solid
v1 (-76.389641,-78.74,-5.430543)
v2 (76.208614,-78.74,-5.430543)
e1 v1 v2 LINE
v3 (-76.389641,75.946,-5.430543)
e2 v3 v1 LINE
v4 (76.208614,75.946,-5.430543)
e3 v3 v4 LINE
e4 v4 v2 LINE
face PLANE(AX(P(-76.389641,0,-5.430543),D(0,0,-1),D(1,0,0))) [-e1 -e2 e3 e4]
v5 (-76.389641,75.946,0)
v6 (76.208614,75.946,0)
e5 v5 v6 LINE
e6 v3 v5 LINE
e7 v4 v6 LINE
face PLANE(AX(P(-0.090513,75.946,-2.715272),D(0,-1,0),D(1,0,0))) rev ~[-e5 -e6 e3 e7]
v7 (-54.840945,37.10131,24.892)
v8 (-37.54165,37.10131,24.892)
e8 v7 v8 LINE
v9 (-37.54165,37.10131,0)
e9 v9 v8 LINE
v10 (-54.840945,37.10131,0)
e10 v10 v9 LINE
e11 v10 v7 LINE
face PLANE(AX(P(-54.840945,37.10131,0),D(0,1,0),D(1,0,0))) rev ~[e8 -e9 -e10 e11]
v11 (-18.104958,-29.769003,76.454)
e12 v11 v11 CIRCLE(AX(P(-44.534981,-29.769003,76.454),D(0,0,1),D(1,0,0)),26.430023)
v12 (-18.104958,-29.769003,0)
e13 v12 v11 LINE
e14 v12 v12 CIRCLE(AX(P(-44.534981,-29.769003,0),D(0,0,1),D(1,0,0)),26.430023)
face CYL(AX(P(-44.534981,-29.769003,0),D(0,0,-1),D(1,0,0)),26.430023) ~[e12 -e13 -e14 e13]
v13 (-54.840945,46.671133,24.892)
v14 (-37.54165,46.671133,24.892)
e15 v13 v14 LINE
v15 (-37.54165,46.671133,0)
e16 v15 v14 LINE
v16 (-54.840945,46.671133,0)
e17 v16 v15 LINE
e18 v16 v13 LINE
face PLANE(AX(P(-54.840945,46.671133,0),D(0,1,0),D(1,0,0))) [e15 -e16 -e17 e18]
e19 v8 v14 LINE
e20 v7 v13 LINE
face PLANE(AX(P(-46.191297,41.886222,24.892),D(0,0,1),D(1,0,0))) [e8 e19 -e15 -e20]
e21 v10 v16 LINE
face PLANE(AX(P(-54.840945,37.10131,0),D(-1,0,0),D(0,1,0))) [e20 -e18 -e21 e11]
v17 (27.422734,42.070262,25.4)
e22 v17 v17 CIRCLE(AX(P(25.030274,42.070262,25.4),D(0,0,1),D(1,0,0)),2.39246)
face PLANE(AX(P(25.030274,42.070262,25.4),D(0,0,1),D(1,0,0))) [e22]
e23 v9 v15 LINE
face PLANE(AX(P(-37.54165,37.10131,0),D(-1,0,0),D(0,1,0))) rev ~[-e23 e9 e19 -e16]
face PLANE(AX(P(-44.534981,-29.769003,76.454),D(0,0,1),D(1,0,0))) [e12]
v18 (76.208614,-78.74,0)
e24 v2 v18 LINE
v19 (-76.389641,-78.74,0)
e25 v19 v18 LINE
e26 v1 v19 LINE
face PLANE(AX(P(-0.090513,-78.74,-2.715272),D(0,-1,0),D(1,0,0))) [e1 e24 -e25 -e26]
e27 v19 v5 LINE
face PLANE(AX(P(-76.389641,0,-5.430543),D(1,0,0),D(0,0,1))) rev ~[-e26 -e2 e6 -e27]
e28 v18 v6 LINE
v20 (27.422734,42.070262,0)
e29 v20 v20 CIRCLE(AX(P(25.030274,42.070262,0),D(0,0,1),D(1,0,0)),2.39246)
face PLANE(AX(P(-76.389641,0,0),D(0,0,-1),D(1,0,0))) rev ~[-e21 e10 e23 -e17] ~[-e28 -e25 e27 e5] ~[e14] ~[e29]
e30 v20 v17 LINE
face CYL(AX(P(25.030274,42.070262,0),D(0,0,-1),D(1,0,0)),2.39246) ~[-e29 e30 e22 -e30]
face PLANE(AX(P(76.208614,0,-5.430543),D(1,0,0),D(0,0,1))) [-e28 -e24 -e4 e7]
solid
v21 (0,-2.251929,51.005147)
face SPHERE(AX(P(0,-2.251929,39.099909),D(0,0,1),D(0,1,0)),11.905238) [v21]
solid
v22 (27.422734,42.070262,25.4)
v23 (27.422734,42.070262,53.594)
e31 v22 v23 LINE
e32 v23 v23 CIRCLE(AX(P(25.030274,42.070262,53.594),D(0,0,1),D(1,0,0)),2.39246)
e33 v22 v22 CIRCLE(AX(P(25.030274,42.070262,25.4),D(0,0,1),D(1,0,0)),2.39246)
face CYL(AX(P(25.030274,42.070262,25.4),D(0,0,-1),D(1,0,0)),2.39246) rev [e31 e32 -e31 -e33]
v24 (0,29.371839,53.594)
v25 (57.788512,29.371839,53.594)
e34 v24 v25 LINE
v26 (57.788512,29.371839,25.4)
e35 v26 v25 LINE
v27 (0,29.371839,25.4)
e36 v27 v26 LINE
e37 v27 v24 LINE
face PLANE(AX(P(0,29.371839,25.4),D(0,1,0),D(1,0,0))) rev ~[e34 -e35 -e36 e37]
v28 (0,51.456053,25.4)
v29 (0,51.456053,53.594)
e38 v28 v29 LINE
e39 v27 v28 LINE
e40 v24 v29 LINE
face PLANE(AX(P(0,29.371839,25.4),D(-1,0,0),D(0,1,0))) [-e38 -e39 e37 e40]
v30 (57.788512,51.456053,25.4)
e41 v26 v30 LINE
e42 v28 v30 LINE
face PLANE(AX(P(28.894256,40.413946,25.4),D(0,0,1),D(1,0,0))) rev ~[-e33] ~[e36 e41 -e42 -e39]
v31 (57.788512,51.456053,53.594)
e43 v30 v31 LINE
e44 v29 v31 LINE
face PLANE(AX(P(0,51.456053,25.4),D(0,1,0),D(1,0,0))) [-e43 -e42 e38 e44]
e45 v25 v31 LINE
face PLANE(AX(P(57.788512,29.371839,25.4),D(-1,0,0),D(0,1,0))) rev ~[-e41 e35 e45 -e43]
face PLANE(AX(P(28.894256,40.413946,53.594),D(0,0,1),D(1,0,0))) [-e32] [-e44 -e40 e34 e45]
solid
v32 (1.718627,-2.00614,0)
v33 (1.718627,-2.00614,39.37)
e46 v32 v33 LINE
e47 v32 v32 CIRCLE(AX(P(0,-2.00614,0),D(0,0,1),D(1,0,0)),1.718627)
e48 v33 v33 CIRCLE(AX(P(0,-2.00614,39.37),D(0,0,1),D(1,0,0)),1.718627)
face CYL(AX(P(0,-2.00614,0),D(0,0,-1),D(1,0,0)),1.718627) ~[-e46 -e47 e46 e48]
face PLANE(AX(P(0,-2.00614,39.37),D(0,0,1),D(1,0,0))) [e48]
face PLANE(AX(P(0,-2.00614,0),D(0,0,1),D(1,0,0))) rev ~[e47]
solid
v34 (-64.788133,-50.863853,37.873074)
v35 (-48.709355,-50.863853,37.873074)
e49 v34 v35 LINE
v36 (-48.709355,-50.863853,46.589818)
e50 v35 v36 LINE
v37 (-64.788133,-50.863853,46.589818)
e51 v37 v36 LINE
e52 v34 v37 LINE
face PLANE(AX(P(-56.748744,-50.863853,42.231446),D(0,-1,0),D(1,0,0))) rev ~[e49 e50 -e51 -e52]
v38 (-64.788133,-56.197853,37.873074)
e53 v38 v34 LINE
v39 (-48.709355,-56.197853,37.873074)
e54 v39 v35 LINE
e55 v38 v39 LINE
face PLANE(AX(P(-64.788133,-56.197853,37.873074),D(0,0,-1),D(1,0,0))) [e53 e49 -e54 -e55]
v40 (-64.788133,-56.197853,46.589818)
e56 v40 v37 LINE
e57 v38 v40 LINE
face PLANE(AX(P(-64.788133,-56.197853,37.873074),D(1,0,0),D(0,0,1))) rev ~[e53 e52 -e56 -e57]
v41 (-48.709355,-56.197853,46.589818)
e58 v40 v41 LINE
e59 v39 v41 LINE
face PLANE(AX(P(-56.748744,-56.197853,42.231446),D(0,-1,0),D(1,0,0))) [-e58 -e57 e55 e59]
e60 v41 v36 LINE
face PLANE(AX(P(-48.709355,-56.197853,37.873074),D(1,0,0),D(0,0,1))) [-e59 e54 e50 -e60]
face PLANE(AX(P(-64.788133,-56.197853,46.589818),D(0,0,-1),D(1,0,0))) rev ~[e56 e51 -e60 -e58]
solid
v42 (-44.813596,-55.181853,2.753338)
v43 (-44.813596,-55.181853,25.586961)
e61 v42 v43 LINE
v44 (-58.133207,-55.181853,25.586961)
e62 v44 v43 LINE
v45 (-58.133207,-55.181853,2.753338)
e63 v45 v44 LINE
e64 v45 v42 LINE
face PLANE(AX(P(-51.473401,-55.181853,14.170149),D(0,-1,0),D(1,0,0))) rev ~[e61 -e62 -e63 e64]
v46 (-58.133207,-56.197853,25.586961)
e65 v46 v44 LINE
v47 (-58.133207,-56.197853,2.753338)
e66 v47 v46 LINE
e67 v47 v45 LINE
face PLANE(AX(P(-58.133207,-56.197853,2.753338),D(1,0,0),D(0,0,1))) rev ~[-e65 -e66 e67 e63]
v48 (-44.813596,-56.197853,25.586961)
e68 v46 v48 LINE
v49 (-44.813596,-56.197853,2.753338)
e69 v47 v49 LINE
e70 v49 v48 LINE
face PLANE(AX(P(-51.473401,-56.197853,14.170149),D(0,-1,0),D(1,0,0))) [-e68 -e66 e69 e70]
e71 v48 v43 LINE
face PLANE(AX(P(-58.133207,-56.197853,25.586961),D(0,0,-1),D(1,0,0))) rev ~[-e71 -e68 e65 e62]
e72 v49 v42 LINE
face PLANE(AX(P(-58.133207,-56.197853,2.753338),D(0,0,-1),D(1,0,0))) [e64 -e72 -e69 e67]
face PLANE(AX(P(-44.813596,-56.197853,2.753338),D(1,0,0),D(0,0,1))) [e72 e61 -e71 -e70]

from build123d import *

# Parameters (mm, degrees)
F0_W          = 152.5982543826
F0_H          = 5.4305433296
F1_DEPTH      = 78.74
F1_DEPTH_BACK = 75.946
F2_R          = 1.7186274254
F3_DEPTH      = 39.37
F6_R          = 2.3924596608
F7_DEPTH      = 25.4
F8_W          = 57.7885117382
F8_H          = 22.0842137933
F8_R          = 2.3924596608
F9_DEPTH      = 28.194
F10_W         = 17.2992944717
F10_H         = 9.5698237419
F11_DEPTH     = 24.892
F12_R         = 26.4300234809
F13_DEPTH     = 76.454
F16_W         = 13.3196115494
F16_H         = 22.8336232249
F17_DEPTH     = 1.016
F18_W         = 16.0787776113
F18_H         = 8.7167434394
F19_DEPTH     = 5.334


with BuildPart() as f1:
    # F0 (on Front) → F1 (new body, two sides)
    with BuildSketch(Plane.XZ) as f1_sk:
        with Locations((-0.0905133784, -2.7152716648)):
            Rectangle(F0_W, F0_H)
    extrude(amount=F1_DEPTH)
    extrude(f1_sk.sketch, amount=-F1_DEPTH_BACK)

    # F6 (on face) → F7 (join)
    with BuildSketch(Plane.XY):
        with Locations((25.0302739441, 42.0702621341)):
            Circle(F6_R)
    extrude(amount=F7_DEPTH)

    # F10 (on face) → F11 (join)
    with BuildSketch(Plane.XY):
        with Locations((-46.1912974715, 41.8862216175)):
            Rectangle(F10_W, F10_H)
    extrude(amount=F11_DEPTH)

    # F12 (on face) → F13 (join)
    with BuildSketch(Plane.XY):
        with Locations((-44.5349812508, -29.7690033913)):
            Circle(F12_R)
    extrude(amount=F13_DEPTH)


with BuildPart() as f3:
    # F2 (on face) → F3 (new body)
    with BuildSketch(Plane.XY):
        with Locations((0, -2.0061403047)):
            Circle(F2_R)
    extrude(amount=F3_DEPTH)


with BuildPart() as f5:
    # F4 (on Right) → F5 (revolve)
    with BuildSketch(Plane.YZ):
        with BuildLine():
            Line((-2.2519293707, 39.0999093652), (-2.2519293707, 27.1946717426))
            ThreePointArc((-2.2519293707, 27.1946717426), (9.6533082519, 39.0999093652), (-2.2519293707, 51.0051469878))
            Line((-2.2519293707, 51.0051469878), (-2.2519293707, 39.0999093652))
        make_face()
    revolve(axis=Axis((0, -2.2519293707, 45.0525281765), (0, 0, 1)))


with BuildPart() as f9:
    # F8 (on face) → F9 (new body)
    with BuildSketch(Plane.XY.offset(25.4)):
        with Locations((28.8942558691, 40.4139459133)):
            Rectangle(F8_W, F8_H)
        with Locations((25.0302739441, 42.0702621341)):
            Circle(F8_R, mode=Mode.SUBTRACT)
    extrude(amount=F9_DEPTH)


with BuildPart() as f17:
    # F16 (on plane+point) → F17 (new body)
    with BuildSketch(Plane.XZ.offset(56.1978533804)):
        with Locations((-51.4734014869, 14.1701492248)):
            Rectangle(F16_W, F16_H)
    extrude(amount=-F17_DEPTH)


with BuildPart() as f19:
    # F18 (on plane+point) → F19 (new body)
    with BuildSketch(Plane.XZ.offset(56.1978533804)):
        with Locations((-56.7487441003, 42.2314461321)):
            Rectangle(F18_W, F18_H)
    extrude(amount=-F19_DEPTH)


solid = Compound([f1.part, f3.part, f5.part, f9.part, f17.part, f19.part])
